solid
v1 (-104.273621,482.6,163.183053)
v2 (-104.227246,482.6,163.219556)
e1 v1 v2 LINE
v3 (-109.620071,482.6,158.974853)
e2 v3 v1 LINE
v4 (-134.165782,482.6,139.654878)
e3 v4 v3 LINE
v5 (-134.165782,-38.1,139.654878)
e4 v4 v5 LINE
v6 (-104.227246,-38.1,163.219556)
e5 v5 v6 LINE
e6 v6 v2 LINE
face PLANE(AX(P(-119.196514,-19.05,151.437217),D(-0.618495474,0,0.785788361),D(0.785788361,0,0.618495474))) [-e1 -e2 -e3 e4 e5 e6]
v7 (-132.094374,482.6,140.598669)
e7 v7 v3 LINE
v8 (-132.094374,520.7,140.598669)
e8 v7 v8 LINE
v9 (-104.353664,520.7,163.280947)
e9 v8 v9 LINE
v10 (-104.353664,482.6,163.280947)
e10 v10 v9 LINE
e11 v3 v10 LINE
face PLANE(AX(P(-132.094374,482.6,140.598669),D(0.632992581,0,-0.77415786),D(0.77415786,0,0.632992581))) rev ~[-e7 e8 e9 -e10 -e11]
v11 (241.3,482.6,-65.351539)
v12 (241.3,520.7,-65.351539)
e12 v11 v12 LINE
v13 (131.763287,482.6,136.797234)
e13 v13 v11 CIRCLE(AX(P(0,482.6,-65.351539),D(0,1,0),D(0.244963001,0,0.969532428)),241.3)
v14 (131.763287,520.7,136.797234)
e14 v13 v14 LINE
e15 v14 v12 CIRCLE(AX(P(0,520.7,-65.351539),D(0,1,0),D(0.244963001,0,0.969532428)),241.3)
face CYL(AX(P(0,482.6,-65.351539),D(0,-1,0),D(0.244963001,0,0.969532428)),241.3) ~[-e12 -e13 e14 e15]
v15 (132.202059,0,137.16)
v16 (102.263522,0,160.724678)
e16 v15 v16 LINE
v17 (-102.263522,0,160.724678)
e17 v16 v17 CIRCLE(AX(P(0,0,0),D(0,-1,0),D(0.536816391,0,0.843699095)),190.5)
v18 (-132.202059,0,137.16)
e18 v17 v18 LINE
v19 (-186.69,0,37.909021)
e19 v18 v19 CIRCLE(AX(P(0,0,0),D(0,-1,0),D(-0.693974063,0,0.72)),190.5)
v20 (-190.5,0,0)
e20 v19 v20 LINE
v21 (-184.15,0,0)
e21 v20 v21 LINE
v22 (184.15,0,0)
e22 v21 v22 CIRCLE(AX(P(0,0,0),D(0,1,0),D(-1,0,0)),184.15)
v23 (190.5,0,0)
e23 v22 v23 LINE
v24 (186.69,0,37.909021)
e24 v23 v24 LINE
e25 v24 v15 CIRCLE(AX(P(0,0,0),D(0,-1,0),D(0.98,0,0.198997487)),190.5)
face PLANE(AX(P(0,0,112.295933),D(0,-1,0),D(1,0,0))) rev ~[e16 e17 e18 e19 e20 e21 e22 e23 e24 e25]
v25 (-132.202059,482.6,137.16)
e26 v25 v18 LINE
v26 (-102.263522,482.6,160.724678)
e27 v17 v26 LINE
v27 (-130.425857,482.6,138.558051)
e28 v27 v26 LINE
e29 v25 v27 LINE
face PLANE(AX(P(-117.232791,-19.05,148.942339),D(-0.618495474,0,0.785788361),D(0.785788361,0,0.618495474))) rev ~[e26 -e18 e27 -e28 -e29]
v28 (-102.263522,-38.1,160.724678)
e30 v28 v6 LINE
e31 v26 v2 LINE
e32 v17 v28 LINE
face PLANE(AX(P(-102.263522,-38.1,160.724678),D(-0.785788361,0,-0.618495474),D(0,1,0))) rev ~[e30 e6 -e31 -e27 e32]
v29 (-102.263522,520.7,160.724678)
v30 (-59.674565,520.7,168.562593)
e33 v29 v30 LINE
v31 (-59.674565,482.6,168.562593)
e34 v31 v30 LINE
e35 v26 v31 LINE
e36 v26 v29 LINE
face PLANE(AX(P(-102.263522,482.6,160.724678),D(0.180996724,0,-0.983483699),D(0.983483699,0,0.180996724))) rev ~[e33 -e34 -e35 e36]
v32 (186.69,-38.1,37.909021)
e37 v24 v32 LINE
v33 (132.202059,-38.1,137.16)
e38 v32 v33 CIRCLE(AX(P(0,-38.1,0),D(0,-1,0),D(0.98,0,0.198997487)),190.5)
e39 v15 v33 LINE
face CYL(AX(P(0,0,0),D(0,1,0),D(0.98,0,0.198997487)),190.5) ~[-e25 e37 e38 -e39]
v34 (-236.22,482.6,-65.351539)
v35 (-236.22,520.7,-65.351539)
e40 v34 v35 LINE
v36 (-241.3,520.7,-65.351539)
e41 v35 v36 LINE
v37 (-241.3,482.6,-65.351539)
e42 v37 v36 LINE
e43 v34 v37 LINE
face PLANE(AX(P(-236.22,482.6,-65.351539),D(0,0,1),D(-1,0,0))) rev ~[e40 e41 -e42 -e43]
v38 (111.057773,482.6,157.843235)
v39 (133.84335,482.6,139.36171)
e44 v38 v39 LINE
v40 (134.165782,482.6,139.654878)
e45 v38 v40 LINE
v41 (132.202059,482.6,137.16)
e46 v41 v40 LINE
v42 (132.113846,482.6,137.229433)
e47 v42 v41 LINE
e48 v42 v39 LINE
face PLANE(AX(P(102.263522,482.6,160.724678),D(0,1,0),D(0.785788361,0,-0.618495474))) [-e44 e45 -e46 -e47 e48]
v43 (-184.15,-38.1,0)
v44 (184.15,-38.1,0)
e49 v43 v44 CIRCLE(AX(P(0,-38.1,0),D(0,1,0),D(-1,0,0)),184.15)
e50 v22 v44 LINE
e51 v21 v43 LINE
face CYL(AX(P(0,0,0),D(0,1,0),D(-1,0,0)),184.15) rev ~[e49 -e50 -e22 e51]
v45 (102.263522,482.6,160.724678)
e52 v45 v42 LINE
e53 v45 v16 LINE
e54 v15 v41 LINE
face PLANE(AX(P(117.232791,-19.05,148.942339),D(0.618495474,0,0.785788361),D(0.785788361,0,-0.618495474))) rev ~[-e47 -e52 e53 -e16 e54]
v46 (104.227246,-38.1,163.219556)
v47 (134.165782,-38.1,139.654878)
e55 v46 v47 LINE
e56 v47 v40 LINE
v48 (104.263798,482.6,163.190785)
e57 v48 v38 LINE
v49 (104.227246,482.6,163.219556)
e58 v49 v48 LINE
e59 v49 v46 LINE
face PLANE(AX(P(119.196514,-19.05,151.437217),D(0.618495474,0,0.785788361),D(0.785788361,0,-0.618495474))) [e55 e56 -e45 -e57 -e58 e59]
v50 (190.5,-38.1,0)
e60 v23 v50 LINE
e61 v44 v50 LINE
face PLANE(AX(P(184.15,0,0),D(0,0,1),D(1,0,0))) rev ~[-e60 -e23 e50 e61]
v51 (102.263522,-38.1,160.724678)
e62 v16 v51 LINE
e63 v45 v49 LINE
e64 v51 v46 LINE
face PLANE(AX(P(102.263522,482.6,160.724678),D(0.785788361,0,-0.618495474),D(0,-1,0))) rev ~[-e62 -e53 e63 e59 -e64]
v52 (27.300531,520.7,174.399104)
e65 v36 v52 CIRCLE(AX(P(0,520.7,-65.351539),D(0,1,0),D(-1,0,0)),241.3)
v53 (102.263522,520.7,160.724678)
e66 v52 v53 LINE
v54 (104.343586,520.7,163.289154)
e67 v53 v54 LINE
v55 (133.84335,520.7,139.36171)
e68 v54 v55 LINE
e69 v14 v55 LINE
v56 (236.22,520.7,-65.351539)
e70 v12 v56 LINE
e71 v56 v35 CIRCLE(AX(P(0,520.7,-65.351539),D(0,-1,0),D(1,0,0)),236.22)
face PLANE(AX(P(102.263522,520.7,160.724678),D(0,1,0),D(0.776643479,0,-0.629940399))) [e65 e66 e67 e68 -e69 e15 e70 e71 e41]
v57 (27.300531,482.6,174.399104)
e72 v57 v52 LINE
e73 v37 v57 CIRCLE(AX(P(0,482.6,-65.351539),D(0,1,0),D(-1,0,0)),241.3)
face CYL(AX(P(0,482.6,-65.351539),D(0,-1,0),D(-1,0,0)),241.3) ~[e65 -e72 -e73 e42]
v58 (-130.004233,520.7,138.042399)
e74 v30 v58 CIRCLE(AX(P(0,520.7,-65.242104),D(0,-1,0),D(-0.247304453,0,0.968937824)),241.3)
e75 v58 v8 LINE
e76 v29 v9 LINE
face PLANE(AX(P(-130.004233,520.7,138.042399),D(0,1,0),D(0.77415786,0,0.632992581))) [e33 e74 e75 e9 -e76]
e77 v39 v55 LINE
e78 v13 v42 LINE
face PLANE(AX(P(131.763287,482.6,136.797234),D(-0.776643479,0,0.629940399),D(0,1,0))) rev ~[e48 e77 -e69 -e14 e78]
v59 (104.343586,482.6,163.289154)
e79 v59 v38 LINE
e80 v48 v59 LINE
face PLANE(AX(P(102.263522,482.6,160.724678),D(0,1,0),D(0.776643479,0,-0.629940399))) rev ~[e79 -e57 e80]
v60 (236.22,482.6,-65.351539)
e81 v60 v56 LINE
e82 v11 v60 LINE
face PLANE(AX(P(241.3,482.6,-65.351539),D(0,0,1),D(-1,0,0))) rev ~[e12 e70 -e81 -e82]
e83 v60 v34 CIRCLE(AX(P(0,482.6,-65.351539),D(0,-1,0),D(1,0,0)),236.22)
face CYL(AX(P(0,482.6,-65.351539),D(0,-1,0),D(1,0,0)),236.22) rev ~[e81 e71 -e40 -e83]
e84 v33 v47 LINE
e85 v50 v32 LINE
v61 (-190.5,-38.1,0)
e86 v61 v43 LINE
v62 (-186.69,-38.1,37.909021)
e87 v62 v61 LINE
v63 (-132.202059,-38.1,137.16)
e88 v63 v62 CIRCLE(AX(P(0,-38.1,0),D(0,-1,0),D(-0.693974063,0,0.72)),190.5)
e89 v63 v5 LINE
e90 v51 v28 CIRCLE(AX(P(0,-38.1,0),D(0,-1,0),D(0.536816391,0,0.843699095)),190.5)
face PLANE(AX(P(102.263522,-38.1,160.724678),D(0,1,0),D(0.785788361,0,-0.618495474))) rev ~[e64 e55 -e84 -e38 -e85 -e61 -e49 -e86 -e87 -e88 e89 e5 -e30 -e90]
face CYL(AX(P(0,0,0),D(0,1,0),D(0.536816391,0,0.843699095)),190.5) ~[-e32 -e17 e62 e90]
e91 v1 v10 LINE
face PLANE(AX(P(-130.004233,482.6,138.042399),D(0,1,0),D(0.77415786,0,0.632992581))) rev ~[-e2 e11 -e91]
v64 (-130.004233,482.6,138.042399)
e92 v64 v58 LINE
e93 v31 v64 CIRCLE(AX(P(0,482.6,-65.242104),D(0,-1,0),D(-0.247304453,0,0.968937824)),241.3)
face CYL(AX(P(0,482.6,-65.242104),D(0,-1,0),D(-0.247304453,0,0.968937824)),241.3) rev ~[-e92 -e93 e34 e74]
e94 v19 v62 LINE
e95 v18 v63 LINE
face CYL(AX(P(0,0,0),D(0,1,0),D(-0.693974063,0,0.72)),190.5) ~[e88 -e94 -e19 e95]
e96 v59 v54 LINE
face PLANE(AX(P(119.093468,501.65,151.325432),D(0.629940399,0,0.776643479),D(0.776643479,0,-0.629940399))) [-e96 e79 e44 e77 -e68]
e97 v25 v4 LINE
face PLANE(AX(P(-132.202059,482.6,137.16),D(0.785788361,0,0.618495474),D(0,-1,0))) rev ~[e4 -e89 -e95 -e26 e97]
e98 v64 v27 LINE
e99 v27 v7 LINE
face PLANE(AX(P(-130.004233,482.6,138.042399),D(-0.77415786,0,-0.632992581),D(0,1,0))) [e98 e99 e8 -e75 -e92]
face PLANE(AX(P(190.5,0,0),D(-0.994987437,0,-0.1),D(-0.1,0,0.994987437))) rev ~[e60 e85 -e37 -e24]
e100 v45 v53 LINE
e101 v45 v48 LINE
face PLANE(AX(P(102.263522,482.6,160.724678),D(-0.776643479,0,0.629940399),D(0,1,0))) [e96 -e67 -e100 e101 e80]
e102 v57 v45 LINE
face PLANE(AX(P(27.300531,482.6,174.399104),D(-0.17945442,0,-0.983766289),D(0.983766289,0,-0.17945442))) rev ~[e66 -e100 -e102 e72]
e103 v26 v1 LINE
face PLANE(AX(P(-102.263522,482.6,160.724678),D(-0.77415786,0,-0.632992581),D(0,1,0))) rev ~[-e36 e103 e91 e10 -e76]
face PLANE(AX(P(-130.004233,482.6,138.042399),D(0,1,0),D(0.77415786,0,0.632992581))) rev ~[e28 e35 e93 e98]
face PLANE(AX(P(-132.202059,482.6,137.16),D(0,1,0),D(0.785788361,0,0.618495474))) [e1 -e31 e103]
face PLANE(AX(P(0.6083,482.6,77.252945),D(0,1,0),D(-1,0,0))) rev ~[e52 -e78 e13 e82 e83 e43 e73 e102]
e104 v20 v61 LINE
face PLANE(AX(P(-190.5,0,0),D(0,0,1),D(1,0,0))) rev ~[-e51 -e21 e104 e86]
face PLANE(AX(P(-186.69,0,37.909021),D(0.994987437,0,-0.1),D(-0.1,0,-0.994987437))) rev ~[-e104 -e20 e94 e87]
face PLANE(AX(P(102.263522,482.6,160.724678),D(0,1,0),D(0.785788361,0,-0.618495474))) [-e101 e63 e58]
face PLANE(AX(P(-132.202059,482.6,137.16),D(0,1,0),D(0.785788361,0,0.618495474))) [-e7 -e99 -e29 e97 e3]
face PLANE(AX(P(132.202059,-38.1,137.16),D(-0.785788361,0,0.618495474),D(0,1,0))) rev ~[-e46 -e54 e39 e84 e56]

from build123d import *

# Parameters (mm, degrees)
F1_DEPTH  = 38.1
F2_W      = 38.1
F2_H      = 38.1
F2_H_2    = 482.6
F3_DEPTH  = 3.175
F4_W      = 38.1
F4_H      = 38.1
F4_H_2    = 482.6
F5_DEPTH  = 3.175
F8_DEPTH  = 38.1
F9_DEPTH  = 38.1
F10_W     = 37.9836630458
F10_H     = 38.1
F11_DEPTH = 3.302
F12_DEPTH = 3.302


with BuildPart() as f1:
    # F0 (on Front) → F1 (new body)
    with BuildSketch(Plane.XZ):
        with BuildLine():
            Line((190.5, 0), (186.69, 37.9090213538))
            ThreePointArc((186.69, 37.9090213538), (166.9901958546, 91.6761936843), (132.2020589855, 137.16))
            Line((132.2020589855, 137.16), (102.2635224311, 160.72467757))
            ThreePointArc((102.2635224311, 160.72467757), (0, 190.5), (-102.2635224311, 160.72467757))
            Line((-102.2635224311, 160.72467757), (-132.2020589855, 137.16))
            ThreePointArc((-132.2020589855, 137.16), (-166.9901958546, 91.6761936843), (-186.69, 37.9090213538))
            Line((-186.69, 37.9090213538), (-190.5, 0))
            Line((-190.5, 0), (-184.15, 0))
            ThreePointArc((-184.15, 0), (0, 184.15), (184.15, 0))
            Line((184.15, 0), (190.5, 0))
        make_face()
    extrude(amount=F1_DEPTH)

    # F2 (on face) → F3 (join)
    with BuildSketch(Plane(origin=(-117.2327907083, 0, 148.942338785), x_dir=(0.785788361, 0, 0.6184954743), z_dir=(-0.6184954743, 0, 0.785788361))):
        with Locations((0, -19.05)):
            Rectangle(F2_W, F2_H)
        with Locations((0, 241.3)):
            Rectangle(F2_W, F2_H_2)
    extrude(amount=F3_DEPTH)

    # F4 (on face) → F5 (join)
    with BuildSketch(Plane(origin=(117.2327907083, 0, 148.942338785), x_dir=(0.785788361, 0, -0.6184954743), z_dir=(0.6184954743, 0, 0.785788361))):
        with Locations((0, -19.05)):
            Rectangle(F4_W, F4_H)
        with Locations((0, 241.3)):
            Rectangle(F4_W, F4_H_2)
    extrude(amount=F5_DEPTH)

    # F7 (on face) → F8 (join)
    with BuildSketch(Plane(origin=(0, 482.6, 0), x_dir=(-1, 0, 0), z_dir=(0, 1, 0))):
        with BuildLine():
            Line((130.004232963, 138.0423993869), (102.2635224311, 160.72467757))
            Line((102.2635224311, 160.72467757), (59.6745645386, 168.5625927845))
            ThreePointArc((59.6745645386, 168.5625927845), (96.0592635131, 156.1135098671), (130.004232963, 138.0423993869))
        make_face()
    extrude(amount=F8_DEPTH)



with BuildPart() as f9:
    # F6 (on face) → F9 (new body)
    with BuildSketch(Plane(origin=(0, 482.6, 0), x_dir=(-1, 0, 0), z_dir=(0, 1, 0))):
        with BuildLine():
            Line((236.22, -65.3515389739), (241.3, -65.3515389739))
            ThreePointArc((241.3, -65.3515389739), (160.6830293096, 114.6669436658), (-27.3005312217, 174.3991043934))
            Line((-27.3005312217, 174.3991043934), (-59.1095722207, 168.5966357826))
            ThreePointArc((-59.1095722207, 168.5966357826), (-96.7518090552, 155.7022496038), (-131.7632866386, 136.7972337016))
            ThreePointArc((-131.7632866386, 136.7972337016), (-212.1558048533, 49.607603625), (-241.3, -65.3515389739))
            Line((-241.3, -65.3515389739), (-236.22, -65.3515389739))
            ThreePointArc((-236.22, -65.3515389739), (0, 170.8684610261), (236.22, -65.3515389739))
        make_face()
        with BuildLine():
            ThreePointArc((-131.7632866386, 136.7972337016), (-96.7518090552, 155.7022496038), (-59.1095722207, 168.5966357826))
            Line((-59.1095722207, 168.5966357826), (-102.2635224311, 160.72467757))
            Line((-102.2635224311, 160.72467757), (-131.7632866386, 136.7972337016))
        make_face()
    extrude(amount=F9_DEPTH)


with BuildPart() as f1_1:
    add(f1.part)

    add(f9.part)  # F11 merges F9
    # F10 (on face) → F11 (join)
    with BuildSketch(Plane(origin=(119.2135098748, 0, 146.9764363882), x_dir=(0.7766434789, 0, -0.6299403994), z_dir=(0.6299403994, 0, 0.7766434789))):
        with Locations((-2.8328382326, 501.65)):
            Rectangle(F10_W, F10_H)
    extrude(amount=F11_DEPTH)

    # F12 (add): a face of the model
    f12_faces = [f1_1.faces().sort_by_distance(p)[0] for p in [
        (-116.133877697, 501.65, 149.3835384785),
    ]]
    extrude(f12_faces, amount=F12_DEPTH)


solid = f1_1.part
